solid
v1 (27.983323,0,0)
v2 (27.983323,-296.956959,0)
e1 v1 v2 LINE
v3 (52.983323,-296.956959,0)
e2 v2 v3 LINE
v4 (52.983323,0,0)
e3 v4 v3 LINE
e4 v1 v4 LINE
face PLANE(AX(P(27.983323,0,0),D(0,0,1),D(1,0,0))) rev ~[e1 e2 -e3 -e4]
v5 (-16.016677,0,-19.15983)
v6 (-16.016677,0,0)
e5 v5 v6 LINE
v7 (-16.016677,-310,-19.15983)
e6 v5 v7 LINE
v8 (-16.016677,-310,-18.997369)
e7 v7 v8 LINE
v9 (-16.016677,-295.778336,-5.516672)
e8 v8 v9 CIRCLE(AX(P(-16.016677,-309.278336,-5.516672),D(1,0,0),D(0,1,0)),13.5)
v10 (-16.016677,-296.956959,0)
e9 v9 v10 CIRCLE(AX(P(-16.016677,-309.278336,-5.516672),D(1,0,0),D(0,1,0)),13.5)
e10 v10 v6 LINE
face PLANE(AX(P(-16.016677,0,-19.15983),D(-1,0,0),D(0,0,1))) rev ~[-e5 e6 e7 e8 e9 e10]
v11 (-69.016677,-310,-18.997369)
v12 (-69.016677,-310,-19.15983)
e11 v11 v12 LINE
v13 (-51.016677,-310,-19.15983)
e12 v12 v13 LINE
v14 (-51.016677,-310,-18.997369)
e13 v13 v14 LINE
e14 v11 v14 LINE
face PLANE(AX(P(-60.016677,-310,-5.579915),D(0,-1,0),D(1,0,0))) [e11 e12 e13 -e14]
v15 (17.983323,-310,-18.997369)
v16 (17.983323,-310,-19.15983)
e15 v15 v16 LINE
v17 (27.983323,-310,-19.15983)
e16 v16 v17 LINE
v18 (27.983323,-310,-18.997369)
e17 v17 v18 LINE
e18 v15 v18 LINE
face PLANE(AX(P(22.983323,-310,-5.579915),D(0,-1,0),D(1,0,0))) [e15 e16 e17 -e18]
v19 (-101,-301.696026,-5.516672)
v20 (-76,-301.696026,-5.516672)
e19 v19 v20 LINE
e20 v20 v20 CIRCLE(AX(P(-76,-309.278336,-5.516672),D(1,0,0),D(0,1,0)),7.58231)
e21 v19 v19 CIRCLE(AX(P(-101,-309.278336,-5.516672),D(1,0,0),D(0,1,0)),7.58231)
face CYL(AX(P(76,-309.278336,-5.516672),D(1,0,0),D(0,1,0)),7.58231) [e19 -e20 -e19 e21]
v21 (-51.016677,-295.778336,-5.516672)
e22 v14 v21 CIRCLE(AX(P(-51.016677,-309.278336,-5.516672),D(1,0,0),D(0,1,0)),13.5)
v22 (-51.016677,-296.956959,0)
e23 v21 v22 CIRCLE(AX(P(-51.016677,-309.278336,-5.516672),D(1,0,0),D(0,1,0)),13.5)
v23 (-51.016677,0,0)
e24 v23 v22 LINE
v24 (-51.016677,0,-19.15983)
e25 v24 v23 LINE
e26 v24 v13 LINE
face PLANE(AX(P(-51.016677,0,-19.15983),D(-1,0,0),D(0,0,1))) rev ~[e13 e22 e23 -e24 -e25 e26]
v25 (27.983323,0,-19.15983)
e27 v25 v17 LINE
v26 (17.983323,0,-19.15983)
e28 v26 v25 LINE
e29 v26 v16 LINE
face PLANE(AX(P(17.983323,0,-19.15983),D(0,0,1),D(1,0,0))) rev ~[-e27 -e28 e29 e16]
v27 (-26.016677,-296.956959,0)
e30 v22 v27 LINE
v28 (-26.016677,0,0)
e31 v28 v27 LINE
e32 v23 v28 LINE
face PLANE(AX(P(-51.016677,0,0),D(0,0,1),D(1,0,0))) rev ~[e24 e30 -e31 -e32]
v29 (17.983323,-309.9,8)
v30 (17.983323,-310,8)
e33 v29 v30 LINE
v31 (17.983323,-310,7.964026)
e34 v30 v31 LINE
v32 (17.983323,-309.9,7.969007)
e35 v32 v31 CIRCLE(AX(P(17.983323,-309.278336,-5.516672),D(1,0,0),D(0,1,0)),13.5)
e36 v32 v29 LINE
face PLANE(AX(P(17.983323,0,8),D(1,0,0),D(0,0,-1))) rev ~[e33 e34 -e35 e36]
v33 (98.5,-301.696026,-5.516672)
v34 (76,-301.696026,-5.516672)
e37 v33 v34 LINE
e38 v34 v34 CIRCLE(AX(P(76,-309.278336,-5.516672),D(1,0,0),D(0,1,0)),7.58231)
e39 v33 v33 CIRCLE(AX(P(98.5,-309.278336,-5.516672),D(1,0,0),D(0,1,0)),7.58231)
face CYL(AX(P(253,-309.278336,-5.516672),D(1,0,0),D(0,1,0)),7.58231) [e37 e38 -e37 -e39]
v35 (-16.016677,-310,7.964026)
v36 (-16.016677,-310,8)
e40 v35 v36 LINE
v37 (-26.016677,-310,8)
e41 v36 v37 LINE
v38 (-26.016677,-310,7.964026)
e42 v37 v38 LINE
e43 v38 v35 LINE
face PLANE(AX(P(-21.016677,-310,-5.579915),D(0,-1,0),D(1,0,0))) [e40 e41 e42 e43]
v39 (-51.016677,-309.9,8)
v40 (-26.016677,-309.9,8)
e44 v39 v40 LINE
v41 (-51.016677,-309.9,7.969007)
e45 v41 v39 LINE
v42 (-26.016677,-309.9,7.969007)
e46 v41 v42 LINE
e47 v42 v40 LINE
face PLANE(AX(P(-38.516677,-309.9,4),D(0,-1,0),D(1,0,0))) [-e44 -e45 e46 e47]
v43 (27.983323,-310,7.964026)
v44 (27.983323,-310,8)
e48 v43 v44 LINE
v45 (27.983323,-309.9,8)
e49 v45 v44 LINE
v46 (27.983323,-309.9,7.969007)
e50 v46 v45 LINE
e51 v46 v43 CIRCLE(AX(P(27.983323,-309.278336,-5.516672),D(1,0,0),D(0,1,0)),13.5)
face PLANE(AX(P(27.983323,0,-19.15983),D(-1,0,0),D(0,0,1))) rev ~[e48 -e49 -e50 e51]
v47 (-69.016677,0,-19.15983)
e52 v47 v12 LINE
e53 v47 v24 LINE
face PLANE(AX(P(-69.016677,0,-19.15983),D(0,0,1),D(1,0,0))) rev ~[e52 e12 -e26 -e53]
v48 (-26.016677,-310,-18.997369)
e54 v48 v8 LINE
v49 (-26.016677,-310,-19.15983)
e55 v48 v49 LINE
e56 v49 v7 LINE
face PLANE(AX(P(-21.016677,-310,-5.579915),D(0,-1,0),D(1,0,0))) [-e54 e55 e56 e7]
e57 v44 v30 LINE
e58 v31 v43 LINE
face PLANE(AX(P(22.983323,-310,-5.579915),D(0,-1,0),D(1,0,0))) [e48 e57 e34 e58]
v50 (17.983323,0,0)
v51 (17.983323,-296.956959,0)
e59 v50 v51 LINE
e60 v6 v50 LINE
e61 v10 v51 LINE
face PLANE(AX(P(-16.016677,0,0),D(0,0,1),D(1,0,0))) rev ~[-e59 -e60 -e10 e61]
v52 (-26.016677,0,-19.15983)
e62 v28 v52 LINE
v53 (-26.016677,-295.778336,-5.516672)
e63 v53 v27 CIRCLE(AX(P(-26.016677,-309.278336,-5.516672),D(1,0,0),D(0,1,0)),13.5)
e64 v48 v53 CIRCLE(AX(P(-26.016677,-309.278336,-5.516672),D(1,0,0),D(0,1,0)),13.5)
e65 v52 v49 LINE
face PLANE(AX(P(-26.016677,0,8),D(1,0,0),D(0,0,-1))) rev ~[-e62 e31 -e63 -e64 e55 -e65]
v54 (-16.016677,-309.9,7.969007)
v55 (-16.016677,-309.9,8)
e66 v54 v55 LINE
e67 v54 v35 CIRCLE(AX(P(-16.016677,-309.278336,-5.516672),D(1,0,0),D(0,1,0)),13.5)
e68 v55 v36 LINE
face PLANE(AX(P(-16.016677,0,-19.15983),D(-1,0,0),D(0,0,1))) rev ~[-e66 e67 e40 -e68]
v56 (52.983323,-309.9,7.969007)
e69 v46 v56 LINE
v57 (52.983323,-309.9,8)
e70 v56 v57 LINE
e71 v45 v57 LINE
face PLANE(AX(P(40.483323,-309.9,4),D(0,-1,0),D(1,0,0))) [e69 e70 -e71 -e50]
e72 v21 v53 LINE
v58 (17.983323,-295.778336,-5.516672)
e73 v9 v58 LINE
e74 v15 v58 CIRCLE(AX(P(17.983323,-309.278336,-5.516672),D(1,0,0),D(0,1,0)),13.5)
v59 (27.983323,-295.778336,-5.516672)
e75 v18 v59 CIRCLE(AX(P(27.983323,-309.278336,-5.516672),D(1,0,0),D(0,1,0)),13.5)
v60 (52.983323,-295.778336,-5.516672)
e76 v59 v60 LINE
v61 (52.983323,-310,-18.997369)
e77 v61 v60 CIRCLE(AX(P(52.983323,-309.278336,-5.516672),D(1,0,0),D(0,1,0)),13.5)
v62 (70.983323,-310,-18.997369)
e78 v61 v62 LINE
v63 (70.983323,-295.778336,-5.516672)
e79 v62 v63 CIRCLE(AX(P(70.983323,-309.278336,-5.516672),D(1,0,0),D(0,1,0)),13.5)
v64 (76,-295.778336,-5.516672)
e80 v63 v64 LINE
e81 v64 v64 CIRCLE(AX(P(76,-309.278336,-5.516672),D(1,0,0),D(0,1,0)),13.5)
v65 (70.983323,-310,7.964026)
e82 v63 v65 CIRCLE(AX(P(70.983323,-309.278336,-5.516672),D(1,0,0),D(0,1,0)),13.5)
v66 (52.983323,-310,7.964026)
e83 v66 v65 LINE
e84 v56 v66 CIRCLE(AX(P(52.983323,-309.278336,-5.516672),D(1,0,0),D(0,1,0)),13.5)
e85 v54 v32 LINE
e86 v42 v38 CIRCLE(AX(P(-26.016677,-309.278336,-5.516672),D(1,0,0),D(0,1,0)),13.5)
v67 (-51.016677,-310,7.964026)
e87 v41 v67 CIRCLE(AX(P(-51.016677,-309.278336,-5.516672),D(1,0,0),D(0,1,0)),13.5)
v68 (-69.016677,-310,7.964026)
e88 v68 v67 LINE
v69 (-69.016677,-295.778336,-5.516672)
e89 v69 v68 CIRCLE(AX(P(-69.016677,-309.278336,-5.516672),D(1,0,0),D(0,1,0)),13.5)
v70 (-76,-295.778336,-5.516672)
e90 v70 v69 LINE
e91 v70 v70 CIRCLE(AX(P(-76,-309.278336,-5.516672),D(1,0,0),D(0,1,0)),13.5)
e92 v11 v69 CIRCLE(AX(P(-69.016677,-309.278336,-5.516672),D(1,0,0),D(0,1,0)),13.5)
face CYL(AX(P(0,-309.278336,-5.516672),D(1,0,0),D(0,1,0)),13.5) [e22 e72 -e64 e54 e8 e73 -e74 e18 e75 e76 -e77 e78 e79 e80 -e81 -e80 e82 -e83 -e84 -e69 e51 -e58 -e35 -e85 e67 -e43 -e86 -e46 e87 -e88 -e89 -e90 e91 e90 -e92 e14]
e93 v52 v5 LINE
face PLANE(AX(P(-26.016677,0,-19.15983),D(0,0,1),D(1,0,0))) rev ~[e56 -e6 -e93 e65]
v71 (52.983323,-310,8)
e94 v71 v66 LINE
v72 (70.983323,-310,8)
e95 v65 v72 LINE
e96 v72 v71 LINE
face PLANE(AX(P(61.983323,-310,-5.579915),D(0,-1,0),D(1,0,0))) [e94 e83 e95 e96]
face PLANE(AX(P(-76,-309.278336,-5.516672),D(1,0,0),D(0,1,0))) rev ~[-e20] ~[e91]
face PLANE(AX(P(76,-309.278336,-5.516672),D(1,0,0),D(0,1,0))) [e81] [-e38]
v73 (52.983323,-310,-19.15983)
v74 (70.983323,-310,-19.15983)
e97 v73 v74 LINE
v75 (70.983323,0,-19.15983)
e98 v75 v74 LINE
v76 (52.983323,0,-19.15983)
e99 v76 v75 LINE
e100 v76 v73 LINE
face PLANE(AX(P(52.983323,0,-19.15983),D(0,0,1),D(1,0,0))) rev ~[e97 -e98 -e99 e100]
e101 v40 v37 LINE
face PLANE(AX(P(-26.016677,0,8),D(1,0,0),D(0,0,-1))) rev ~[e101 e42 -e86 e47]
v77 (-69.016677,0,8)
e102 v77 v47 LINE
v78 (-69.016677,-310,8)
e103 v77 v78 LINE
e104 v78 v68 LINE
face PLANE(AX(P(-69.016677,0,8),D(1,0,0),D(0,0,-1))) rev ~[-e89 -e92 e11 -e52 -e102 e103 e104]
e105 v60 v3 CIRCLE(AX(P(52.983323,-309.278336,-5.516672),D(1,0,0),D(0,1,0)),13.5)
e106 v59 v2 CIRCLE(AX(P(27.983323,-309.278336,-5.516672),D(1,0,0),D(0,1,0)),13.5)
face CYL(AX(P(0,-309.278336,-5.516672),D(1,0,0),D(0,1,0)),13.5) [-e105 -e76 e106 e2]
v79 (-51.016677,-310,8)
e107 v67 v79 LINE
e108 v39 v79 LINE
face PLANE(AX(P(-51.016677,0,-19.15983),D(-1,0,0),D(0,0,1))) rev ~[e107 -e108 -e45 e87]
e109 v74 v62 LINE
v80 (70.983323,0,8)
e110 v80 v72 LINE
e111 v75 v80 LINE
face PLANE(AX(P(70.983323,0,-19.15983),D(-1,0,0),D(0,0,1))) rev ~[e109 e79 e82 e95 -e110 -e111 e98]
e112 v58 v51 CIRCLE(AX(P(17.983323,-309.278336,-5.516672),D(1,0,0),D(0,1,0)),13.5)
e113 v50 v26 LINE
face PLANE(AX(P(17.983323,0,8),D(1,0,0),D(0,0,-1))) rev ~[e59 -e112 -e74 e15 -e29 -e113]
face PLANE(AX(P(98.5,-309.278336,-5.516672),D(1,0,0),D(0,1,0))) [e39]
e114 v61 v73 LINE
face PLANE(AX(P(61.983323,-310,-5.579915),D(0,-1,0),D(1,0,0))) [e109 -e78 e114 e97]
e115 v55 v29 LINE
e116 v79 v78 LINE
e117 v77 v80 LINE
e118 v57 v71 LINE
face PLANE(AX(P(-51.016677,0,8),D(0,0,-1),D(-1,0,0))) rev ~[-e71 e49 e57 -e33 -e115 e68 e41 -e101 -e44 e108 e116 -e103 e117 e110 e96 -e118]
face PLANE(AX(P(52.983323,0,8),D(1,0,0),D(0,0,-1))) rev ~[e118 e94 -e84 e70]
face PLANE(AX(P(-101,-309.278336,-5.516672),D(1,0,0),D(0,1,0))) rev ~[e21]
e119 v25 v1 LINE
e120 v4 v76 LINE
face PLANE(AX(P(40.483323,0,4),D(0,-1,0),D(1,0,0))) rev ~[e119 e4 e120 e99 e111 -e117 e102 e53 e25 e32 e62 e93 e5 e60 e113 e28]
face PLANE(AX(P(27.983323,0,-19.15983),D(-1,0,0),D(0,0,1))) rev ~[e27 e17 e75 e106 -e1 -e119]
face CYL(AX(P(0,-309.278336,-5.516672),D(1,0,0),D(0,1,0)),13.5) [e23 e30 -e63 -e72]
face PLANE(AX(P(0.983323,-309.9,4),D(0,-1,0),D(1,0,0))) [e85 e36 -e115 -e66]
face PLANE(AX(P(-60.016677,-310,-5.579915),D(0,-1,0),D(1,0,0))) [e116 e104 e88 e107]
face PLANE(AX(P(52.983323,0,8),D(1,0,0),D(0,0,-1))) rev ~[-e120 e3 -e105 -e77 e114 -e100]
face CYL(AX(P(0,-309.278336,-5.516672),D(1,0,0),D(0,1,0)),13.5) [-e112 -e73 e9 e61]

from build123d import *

# Parameters (mm, degrees)
F1_DEPTH  = 310
F0_W      = 34
F0_H      = 8
F2_DEPTH  = 250
F3_DEPTH  = 310
F0_W_2    = 25
F4_DEPTH  = 309.9
F5_R      = 13.5
F6_DEPTH  = 76
F7_R      = 7.5823100612
F8_DEPTH  = 325
F9_DEPTH  = 177
F10_DEPTH = 162.7
F11_DEPTH = 154.5


with BuildPart() as f1:
    # F0 (on Front) → F1 (new body)
    with BuildSketch(Plane.XZ):
        Polygon((70.9833226877, 8), (52.9833226877, 8), (52.9833226877, 0), (52.9833226877, -19.1598301306), (70.9833226877, -19.1598301306), (70.9833226877, 3.8401698694), align=None)
    extrude(amount=F1_DEPTH)



with BuildPart() as f1b:
    # F0 (on Front) → F1, piece 2 (new body)
    with BuildSketch(Plane.XZ):
        Polygon((-69.0166773123, -19.1598301306), (-51.0166773123, -19.1598301306), (-51.0166773123, 0), (-51.0166773123, 8), (-69.0166773123, 8), (-69.0166773123, 3.8401698694), align=None)
    extrude(amount=F1_DEPTH)


with BuildPart() as f2:
    # F0 (on Front) → F2 (new body)
    with BuildSketch(Plane.XZ):
        with Locations((0.9833226877, 4)):
            Rectangle(F0_W, F0_H)
    extrude(amount=F2_DEPTH)

    # F0 (on Front) → F3 (join)
    with BuildSketch(Plane.XZ):
        Polygon((-26.0166773123, 8), (-26.0166773123, 0), (-26.0166773123, -19.1598301306), (-16.0166773123, -19.1598301306), (-16.0166773123, 0), (-16.0166773123, 8), align=None)
        Polygon((27.9833226877, 8), (17.9833226877, 8), (17.9833226877, 0), (17.9833226877, -19.1598301306), (27.9833226877, -19.1598301306), (27.9833226877, 0), align=None)
    extrude(amount=F3_DEPTH)


with BuildPart() as f4:
    # F0 (on Front) → F4 (new body)
    with BuildSketch(Plane.XZ):
        with Locations((-38.5166773123, 4)):
            Rectangle(F0_W_2, F0_H)
    extrude(amount=F4_DEPTH)


with BuildPart() as f4b:
    # F0 (on Front) → F4, piece 2 (new body)
    with BuildSketch(Plane.XZ):
        with Locations((40.4833226877, 4)):
            Rectangle(F0_W_2, F0_H)
    extrude(amount=F4_DEPTH)


with BuildPart() as f4c:
    # F0 (on Front) → F4, piece 3 (new body)
    with BuildSketch(Plane.XZ):
        with Locations((0.9833226877, 4)):
            Rectangle(F0_W, F0_H)
    extrude(amount=F4_DEPTH)


with BuildPart() as f1_1:
    add(f1.part)

    add(f1b.part)  # F6 merges F1b

    add(f2.part)  # F6 merges F2

    add(f4.part)  # F6 merges F4

    add(f4b.part)  # F6 merges F4b

    add(f4c.part)  # F6 merges F4c
    # F5 (on Right) → F6 (join, symmetric)
    with BuildSketch(Plane.YZ):
        with Locations((-309.2783357923, -5.516671653)):
            Circle(F5_R)
    extrude(amount=F6_DEPTH, both=True)

    # F7 (on face) → F8 (cut)
    with BuildSketch(Plane.YZ.offset(76)):
        with Locations((-309.2783357923, -5.516671653)):
            Circle(F7_R)
    extrude(amount=-F8_DEPTH, mode=Mode.SUBTRACT)

    # F7 (on face) → F9 (join, symmetric)
    with BuildSketch(Plane.YZ.offset(76)):
        with Locations((-309.2783357923, -5.516671653)):
            Circle(F7_R)
    extrude(amount=F9_DEPTH, both=True)

    # F10 (add): a face of the model
    f10_faces = [f1_1.faces().sort_by_distance(p)[0] for p in [
        (253, -309.2783357923, -5.516671653),
    ]]
    extrude(f10_faces, amount=-F10_DEPTH)

    # F11 (cut): a face of the model
    f11_faces = [f1_1.faces().sort_by_distance(p)[0] for p in [
        (253, -309.2783357923, -5.516671653),
    ]]
    extrude(f11_faces, amount=-F11_DEPTH, mode=Mode.SUBTRACT)


solid = f1_1.part
